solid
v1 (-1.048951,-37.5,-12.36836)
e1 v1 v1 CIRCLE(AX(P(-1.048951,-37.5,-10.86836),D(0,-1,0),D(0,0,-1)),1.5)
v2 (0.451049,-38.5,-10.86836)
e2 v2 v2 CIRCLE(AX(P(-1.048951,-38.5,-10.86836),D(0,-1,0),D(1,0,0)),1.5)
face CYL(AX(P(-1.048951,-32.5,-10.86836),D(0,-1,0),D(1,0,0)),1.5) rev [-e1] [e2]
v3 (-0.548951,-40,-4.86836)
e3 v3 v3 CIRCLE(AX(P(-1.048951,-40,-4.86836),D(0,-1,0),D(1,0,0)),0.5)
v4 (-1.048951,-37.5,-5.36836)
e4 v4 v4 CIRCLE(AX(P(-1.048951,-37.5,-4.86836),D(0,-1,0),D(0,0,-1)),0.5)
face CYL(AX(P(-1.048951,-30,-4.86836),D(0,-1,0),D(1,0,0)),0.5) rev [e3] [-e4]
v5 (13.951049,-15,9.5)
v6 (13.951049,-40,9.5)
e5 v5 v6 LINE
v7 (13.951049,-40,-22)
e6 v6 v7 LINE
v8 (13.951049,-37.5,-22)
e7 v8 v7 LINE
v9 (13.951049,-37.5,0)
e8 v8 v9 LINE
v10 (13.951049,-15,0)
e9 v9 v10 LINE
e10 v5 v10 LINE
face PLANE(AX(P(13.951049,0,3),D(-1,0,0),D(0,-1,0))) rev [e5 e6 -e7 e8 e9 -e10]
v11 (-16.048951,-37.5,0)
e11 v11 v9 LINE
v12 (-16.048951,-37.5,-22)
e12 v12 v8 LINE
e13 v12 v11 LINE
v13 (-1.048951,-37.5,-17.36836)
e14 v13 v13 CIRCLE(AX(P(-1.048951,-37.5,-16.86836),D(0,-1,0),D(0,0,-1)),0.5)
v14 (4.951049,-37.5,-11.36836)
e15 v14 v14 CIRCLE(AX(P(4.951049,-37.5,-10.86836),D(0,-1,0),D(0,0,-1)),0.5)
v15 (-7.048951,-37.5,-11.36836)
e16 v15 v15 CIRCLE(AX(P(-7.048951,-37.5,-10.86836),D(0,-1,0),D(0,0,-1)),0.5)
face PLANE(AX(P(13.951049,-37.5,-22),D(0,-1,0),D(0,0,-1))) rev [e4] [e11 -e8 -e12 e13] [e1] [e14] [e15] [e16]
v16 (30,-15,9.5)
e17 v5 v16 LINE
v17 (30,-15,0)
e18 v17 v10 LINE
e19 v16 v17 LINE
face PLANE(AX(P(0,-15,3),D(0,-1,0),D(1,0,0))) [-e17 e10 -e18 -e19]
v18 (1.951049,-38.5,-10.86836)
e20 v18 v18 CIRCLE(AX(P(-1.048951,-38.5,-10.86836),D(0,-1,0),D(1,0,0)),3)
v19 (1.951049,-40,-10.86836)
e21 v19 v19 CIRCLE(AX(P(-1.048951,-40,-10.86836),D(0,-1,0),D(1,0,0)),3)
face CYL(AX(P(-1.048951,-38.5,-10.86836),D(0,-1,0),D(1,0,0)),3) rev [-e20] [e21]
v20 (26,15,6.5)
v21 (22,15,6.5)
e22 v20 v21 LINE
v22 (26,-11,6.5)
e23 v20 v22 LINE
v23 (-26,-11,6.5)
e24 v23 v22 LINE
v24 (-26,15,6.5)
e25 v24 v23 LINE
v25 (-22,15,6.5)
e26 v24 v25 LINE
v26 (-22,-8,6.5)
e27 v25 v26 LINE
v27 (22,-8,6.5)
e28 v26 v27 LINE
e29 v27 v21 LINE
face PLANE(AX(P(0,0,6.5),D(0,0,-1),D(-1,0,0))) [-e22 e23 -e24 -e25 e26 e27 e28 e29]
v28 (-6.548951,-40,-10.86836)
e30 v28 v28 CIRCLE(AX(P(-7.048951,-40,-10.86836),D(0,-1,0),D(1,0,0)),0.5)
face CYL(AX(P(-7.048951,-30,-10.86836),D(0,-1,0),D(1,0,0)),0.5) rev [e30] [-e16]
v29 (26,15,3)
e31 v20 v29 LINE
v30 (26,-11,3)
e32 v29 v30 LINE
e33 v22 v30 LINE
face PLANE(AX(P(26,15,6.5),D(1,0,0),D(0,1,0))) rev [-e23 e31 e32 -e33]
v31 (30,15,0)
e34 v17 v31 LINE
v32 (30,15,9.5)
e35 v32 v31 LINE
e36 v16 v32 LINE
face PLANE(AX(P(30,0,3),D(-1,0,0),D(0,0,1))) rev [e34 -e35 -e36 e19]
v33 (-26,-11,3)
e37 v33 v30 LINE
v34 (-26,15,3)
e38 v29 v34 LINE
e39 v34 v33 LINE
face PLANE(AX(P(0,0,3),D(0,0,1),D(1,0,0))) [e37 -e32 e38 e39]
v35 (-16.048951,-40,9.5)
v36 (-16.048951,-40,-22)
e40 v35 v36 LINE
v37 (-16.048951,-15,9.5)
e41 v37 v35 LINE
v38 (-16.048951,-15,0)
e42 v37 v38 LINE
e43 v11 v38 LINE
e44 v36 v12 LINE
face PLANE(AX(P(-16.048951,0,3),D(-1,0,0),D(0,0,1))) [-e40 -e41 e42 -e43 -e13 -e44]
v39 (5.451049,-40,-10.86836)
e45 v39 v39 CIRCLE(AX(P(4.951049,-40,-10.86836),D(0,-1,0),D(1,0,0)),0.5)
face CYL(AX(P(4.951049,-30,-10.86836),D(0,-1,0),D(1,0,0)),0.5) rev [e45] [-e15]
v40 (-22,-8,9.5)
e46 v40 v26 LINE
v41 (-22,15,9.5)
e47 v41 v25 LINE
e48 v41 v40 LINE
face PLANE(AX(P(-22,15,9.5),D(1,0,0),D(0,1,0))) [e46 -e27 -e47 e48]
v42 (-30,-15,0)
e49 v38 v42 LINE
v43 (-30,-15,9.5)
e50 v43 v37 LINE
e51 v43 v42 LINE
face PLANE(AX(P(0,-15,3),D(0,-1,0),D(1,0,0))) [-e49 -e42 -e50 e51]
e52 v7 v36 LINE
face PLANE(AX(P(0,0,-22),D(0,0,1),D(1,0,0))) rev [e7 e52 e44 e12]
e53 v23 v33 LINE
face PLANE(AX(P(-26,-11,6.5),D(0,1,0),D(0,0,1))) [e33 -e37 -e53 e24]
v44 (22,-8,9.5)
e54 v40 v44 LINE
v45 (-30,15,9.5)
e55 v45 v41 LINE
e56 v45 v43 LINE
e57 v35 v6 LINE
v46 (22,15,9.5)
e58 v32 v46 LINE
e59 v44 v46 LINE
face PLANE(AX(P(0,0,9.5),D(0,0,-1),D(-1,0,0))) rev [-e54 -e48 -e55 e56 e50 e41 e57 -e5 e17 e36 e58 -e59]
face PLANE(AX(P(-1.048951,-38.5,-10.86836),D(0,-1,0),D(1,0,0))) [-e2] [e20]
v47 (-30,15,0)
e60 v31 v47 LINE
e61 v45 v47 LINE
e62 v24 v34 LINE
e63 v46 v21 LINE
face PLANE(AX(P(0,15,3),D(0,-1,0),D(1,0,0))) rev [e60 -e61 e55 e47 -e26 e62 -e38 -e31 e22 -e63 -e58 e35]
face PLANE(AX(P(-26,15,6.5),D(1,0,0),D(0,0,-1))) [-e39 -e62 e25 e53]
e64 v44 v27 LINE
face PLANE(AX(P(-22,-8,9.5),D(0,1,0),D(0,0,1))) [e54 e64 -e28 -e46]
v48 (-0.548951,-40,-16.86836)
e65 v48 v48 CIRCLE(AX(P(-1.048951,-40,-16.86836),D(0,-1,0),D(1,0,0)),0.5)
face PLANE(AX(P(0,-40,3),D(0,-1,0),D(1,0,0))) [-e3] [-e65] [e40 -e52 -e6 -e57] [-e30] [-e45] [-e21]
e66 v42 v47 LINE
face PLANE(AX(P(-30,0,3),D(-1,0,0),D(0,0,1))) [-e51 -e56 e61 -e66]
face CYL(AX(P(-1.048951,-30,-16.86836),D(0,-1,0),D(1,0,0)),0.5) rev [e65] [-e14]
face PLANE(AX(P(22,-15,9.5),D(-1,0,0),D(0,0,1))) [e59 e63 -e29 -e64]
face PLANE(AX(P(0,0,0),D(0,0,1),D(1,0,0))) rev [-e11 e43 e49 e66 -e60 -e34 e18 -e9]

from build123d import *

# Parameters (mm, degrees)
ESQUISSE1_W             = 60
ESQUISSE1_H             = 30
ESQUISSE1_W_2           = 30
ESQUISSE1_H_2           = 25
BOSS_EXTRU_1_DEPTH      = 3
ESQUISSE2_W             = 30
ESQUISSE2_H             = 25
BOSS_EXTRU_2_DEPTH      = 3.5
ESQUISSE3_W             = 30
ESQUISSE3_H             = 25
BOSS_EXTRU_3_DEPTH      = 3
ESQUISSE4_W             = 30
ESQUISSE4_H             = 2.5
BOSS_EXTRU_4_DEPTH      = 22
ESQUISSE6_R             = 3
ENL_V_MAT_EXTRU_1_DEPTH = 1.5
ESQUISSE7_R             = 1.5
ENL_V_MAT_EXTRU_2_DEPTH = 6
ESQUISSE8_R             = 0.5
ENL_V_MAT_EXTRU_3_DEPTH = 10


with BuildPart() as part:
    # Esquisse1 → Boss.-Extru.1 (new body)
    with BuildSketch(Plane.XY):
        Rectangle(ESQUISSE1_W, ESQUISSE1_H)
        with Locations((-1.048951049, -27.5)):
            Rectangle(ESQUISSE1_W_2, ESQUISSE1_H_2)
    extrude(amount=BOSS_EXTRU_1_DEPTH)

    # Esquisse2 → Boss.-Extru.2 (add)
    with BuildSketch(Plane.XY.offset(3)):
        Polygon((-26, 15), (-30, 15), (-30, -15), (-26, -15), (-26, -11), align=None)
        Polygon((26, -11), (-26, -11), (-26, -15), (-16.048951049, -15), (13.951048951, -15), (26, -15), align=None)
        Polygon((26, 15), (26, -11), (26, -15), (30, -15), (30, 15), align=None)
        with Locations((-1.048951049, -27.5)):
            Rectangle(ESQUISSE2_W, ESQUISSE2_H)
    extrude(amount=BOSS_EXTRU_2_DEPTH)

    # Esquisse3 → Boss.-Extru.3 (add)
    with BuildSketch(Plane.XY.offset(6.5)):
        Polygon((-22, 15), (-30, 15), (-30, -15), (-22, -15), (-22, -8), align=None)
        Polygon((22, -8), (-22, -8), (-22, -15), (-16.048951049, -15), (13.951048951, -15), (22, -15), align=None)
        Polygon((22, 15), (22, -8), (22, -15), (30, -15), (30, 15), align=None)
        with Locations((-1.048951049, -27.5)):
            Rectangle(ESQUISSE3_W, ESQUISSE3_H)
    extrude(amount=BOSS_EXTRU_3_DEPTH)

    # Esquisse4 → Boss.-Extru.4 (add)
    with BuildSketch(Plane(origin=(0, 0, 0), x_dir=(-1, 0, 0), z_dir=(0, 0, -1))):
        with Locations((1.048951049, -38.75)):
            Rectangle(ESQUISSE4_W, ESQUISSE4_H)
    extrude(amount=BOSS_EXTRU_4_DEPTH)

    # Esquisse6 → Enlèv. mat.-Extru.1 (cut)
    with BuildSketch(Plane.XZ.offset(40)):
        with Locations((-1.048951049, -10.86835965)):
            Circle(ESQUISSE6_R)
    extrude(amount=-ENL_V_MAT_EXTRU_1_DEPTH, mode=Mode.SUBTRACT)

    # Esquisse7 → Enlèv. mat.-Extru.2 (cut)
    with BuildSketch(Plane.XZ.offset(38.5)):
        with Locations((-1.048951049, -10.86835965)):
            Circle(ESQUISSE7_R)
    extrude(amount=-ENL_V_MAT_EXTRU_2_DEPTH, mode=Mode.SUBTRACT)

    # Esquisse8 → Enlèv. mat.-Extru.3 (cut)
    with BuildSketch(Plane.XZ.offset(40)):
        with Locations((-1.048951049, -4.86835965)):
            Circle(ESQUISSE8_R)
        with Locations((-1.048951049, -16.86835965)):
            Circle(ESQUISSE8_R)
        with Locations((4.951048951, -10.86835965)):
            Circle(ESQUISSE8_R)
        with Locations((-7.048951049, -10.86835965)):
            Circle(ESQUISSE8_R)
    extrude(amount=-ENL_V_MAT_EXTRU_3_DEPTH, mode=Mode.SUBTRACT)


solid = part.part
